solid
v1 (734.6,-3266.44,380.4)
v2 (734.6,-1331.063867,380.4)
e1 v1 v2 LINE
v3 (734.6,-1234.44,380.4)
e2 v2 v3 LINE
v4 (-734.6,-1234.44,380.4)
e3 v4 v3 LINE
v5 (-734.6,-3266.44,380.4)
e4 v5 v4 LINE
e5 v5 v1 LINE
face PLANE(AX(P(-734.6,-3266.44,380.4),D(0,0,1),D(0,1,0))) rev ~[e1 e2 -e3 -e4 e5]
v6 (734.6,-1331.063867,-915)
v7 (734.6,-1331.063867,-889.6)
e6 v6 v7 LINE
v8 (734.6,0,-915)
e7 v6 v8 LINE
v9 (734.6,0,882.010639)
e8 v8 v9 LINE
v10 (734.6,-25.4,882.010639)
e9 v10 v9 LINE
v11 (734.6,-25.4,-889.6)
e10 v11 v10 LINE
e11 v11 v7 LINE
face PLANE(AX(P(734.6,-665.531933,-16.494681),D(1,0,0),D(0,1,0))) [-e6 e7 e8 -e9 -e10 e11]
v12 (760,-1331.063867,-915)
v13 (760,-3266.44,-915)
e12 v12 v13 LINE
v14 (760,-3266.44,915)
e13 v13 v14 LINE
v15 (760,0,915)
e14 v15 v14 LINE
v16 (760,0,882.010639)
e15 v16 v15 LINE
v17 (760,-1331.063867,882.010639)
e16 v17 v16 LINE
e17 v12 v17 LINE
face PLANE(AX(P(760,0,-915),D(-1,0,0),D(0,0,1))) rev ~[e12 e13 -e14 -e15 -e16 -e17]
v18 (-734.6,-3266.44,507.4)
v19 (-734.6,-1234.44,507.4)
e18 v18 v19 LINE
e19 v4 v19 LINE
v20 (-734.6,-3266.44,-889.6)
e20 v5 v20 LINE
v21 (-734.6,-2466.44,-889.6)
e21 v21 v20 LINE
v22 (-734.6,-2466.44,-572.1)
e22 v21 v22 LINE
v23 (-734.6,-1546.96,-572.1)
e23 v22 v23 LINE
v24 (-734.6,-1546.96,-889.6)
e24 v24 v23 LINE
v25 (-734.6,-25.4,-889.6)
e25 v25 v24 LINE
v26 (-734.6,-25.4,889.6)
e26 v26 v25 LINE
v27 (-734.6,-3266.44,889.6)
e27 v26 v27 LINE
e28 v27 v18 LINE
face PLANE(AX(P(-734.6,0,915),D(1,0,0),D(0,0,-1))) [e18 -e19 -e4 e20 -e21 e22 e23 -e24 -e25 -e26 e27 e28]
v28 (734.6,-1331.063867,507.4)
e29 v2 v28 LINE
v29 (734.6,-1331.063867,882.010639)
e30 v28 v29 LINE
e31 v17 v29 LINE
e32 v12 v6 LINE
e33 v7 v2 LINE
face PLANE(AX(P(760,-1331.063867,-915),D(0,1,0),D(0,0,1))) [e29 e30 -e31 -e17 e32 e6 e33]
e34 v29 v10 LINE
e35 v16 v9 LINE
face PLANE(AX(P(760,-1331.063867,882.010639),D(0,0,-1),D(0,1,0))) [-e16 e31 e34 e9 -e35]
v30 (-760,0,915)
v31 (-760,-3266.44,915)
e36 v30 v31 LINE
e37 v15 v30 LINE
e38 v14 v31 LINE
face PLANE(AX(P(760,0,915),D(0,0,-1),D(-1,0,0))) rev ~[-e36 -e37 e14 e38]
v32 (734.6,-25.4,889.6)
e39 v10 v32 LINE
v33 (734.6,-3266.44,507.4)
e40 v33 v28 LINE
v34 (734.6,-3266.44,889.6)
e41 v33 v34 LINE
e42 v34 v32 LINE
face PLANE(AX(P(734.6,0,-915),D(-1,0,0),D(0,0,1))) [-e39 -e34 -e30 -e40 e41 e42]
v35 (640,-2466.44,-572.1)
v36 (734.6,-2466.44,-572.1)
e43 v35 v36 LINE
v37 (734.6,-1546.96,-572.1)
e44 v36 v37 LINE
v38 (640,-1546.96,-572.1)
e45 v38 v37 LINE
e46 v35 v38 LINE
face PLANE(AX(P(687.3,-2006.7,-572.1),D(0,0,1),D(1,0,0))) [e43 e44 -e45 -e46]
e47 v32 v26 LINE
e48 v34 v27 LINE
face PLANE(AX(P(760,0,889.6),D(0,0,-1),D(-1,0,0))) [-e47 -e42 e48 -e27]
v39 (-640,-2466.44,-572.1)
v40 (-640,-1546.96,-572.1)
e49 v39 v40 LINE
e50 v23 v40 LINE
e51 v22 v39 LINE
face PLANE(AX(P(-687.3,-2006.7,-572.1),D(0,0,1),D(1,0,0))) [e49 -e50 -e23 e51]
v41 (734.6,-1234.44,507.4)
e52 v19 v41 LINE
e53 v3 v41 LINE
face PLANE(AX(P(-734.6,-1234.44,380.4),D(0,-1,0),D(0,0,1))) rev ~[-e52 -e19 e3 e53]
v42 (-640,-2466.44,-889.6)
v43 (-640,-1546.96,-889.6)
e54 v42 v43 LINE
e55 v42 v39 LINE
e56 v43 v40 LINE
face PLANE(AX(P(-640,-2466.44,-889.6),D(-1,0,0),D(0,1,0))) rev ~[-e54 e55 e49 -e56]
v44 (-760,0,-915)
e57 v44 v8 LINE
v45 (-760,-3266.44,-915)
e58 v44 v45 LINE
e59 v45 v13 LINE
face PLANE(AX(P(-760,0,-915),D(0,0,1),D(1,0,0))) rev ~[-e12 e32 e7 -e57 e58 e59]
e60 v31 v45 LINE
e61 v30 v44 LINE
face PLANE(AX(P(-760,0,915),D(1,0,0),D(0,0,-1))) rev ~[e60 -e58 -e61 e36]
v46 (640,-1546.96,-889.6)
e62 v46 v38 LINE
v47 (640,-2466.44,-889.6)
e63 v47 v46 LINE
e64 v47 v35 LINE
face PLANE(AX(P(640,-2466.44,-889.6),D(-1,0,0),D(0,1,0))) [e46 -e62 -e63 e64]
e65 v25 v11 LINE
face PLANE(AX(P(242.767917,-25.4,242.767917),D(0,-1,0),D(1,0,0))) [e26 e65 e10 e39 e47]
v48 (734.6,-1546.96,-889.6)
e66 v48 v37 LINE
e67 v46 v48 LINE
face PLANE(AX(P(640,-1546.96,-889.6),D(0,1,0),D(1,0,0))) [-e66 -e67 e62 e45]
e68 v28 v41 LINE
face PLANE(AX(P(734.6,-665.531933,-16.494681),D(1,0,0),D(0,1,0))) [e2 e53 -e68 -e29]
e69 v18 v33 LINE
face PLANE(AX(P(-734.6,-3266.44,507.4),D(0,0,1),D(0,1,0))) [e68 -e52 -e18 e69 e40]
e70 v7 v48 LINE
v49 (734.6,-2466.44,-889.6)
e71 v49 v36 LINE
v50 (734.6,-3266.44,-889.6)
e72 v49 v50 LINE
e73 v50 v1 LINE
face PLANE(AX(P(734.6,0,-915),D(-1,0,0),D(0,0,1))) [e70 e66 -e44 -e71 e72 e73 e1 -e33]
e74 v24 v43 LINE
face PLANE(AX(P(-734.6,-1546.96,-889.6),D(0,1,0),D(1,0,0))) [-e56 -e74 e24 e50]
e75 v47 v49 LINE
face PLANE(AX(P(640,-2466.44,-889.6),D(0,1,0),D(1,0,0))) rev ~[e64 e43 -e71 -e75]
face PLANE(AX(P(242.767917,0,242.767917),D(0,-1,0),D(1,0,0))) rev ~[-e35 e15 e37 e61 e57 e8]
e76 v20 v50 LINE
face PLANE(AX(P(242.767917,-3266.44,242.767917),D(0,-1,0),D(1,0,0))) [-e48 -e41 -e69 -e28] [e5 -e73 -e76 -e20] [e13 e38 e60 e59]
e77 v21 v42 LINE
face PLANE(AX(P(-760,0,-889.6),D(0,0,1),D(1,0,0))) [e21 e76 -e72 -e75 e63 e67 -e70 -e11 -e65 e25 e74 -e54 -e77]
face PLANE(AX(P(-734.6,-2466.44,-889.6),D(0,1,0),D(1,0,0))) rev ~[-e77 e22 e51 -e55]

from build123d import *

# Parameters (mm, degrees)
F1_DEPTH = 3266.44
F2_T     = -25.4
F3_W     = 94.6
F3_H     = 919.48
F4_DEPTH = 317.5
F5_W     = 2032
F5_H     = 127
F6_DEPTH = 1469.2
F7_W     = 1331.0638666153
F7_H     = 1797.0106387138
F8_DEPTH = 25.4


with BuildPart() as f1:
    # F0 (on Front) → F1 (new body)
    with BuildSketch(Plane.XZ):
        Polygon((760, 915), (-760, 915), (760, -915), align=None)
        Polygon((760, -915), (-760, 915), (-760, -915), align=None)
    extrude(amount=F1_DEPTH)

    # F2
    f2_openings = [f1.faces().sort_by_distance(p)[0] for p in [
        (0, -3266.44, 0),
    ]]
    offset(amount=F2_T, openings=f2_openings)

    # F3 (on face) → F4 (join)
    with BuildSketch(Plane.XY.offset(-889.6)):
        with Locations((-687.3, -2006.7)):
            Rectangle(F3_W, F3_H)
        with Locations((687.3, -2006.7)):
            Rectangle(F3_W, F3_H)
    extrude(amount=F4_DEPTH)

    # F5 (on face) → F6 (join, through all)
    with BuildSketch(Plane.YZ.offset(-734.6)):
        with Locations((-2250.44, 443.9)):
            Rectangle(F5_W, F5_H)
    extrude(amount=F6_DEPTH)

    # F7 (on face) → F8 (cut, through all)
    with BuildSketch(Plane.YZ.offset(760)):
        with Locations((-665.5319333076, -16.4946806431)):
            Rectangle(F7_W, F7_H)
    extrude(amount=-F8_DEPTH, mode=Mode.SUBTRACT)


solid = f1.part
